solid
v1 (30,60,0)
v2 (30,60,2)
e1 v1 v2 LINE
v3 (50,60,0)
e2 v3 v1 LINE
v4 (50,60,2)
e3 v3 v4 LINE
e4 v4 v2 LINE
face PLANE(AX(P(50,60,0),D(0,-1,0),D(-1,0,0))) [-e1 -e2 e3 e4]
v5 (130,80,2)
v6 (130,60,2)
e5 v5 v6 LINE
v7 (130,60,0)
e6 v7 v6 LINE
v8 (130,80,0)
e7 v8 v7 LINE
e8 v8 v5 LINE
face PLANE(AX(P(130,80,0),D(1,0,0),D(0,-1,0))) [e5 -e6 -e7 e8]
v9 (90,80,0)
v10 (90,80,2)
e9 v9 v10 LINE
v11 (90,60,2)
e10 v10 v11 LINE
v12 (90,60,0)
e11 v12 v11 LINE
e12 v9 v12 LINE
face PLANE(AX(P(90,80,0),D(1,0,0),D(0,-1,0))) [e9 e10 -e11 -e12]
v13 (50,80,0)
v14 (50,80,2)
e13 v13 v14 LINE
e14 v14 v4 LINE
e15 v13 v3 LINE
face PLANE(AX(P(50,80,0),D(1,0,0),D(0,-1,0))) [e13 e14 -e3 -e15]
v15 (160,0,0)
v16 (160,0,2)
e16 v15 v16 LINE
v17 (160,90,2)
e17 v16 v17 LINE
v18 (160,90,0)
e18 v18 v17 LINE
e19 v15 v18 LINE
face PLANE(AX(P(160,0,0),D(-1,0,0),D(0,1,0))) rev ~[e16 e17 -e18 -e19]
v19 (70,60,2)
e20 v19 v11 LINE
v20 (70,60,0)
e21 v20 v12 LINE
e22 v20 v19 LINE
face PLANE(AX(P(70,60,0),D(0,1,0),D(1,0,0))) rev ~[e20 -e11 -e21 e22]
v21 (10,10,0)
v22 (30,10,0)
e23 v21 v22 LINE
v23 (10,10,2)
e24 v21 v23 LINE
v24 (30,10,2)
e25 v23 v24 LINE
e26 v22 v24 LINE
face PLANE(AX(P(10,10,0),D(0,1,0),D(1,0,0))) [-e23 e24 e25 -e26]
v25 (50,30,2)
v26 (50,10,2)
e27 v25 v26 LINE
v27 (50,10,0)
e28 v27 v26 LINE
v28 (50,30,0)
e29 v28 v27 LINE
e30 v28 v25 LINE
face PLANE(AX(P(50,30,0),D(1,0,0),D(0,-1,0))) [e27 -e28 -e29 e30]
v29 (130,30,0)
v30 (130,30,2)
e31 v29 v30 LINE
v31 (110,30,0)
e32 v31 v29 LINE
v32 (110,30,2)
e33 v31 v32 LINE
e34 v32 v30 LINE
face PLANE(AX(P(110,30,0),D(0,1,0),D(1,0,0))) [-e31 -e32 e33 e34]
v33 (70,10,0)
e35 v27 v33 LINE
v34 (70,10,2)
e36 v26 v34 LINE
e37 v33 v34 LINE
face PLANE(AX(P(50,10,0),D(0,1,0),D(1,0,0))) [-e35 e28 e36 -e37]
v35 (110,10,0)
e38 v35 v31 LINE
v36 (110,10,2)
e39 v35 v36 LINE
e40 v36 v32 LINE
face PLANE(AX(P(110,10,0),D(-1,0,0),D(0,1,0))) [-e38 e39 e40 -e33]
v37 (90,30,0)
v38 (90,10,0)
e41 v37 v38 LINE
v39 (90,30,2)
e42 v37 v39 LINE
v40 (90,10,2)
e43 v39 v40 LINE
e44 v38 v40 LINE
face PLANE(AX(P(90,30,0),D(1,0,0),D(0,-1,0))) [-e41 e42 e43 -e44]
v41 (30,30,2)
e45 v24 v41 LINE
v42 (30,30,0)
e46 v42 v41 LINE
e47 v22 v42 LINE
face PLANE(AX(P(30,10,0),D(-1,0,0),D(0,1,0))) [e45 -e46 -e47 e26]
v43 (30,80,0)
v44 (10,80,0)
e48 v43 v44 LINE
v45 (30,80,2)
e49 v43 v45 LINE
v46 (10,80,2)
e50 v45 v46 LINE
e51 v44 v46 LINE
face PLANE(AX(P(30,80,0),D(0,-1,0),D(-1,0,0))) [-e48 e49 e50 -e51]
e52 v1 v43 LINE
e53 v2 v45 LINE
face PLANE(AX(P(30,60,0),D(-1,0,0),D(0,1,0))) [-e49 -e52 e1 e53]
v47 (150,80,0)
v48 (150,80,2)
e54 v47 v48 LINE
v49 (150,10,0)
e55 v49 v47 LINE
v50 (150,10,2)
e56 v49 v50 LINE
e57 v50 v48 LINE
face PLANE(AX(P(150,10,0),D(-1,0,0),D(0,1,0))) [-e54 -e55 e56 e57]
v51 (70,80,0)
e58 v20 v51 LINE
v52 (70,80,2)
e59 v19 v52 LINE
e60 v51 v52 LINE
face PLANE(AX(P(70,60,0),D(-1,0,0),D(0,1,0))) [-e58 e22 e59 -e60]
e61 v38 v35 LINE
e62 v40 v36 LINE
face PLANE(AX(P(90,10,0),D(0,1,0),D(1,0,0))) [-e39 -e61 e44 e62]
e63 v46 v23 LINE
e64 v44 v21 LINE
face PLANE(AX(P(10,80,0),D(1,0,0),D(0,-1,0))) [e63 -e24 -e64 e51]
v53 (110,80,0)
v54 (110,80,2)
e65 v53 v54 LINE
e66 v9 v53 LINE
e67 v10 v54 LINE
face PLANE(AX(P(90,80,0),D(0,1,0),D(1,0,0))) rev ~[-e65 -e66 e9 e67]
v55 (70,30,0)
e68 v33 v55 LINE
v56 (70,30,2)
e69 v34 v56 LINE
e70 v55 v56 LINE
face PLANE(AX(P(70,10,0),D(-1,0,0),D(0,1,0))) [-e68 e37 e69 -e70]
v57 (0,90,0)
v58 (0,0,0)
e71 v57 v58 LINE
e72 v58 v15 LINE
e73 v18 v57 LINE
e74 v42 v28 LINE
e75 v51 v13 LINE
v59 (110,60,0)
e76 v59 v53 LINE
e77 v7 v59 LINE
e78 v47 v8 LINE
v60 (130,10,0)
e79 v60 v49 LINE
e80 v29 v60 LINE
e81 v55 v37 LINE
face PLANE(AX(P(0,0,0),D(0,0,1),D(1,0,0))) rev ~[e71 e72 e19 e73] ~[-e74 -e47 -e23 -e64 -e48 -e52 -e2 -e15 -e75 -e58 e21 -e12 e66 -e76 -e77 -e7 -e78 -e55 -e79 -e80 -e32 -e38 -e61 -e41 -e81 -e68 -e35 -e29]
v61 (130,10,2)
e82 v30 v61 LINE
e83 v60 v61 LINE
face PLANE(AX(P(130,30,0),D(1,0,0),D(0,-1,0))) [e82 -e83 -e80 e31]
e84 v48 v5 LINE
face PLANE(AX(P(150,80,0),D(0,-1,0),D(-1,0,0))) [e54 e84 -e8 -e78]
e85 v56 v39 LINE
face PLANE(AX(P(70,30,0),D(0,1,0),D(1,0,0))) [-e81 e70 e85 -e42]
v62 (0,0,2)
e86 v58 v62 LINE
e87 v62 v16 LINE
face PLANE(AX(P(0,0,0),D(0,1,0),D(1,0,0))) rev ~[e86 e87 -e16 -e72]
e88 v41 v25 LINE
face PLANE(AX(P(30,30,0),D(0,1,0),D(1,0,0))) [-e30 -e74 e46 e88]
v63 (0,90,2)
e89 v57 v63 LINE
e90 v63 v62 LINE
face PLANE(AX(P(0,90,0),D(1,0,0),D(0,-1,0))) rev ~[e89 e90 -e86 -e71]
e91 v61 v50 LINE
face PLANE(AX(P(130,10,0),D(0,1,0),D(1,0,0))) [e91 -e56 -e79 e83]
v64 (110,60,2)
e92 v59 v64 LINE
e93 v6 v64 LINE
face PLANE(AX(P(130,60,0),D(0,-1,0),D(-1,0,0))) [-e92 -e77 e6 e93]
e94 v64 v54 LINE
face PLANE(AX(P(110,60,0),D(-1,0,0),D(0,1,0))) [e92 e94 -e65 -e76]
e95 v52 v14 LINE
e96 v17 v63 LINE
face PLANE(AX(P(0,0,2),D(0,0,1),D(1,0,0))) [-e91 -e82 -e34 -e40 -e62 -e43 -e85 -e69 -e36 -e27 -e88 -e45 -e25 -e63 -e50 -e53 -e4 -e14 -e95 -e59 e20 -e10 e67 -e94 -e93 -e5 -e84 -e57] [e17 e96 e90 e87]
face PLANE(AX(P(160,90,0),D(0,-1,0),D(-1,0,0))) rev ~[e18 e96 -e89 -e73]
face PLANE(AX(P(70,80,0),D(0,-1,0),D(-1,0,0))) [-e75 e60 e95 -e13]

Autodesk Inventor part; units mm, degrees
ref_plane "YZ Plane" through (0, 0, 0) normal (1, 0, 0) x (0, 1, 0)
ref_plane "XZ Plane" through (0, 0, 0) normal (0, 1, 0) x (-1, 0, 0)
ref_plane "XY Plane" through (0, 0, 0) normal (0, 0, 1) x (1, 0, 0)
sketch "Sketch1" plane through (0, 0, 0) normal (0, 0, 1) x (1, 0, 0)
  line L0 (0, 0) -> (160, 0)
  line L1 (160, 0) -> (160, 90)
  line L2 (160, 90) -> (0, 90)
  line L3 (0, 90) -> (0, 0)
  line L4 (10, 10) -> (30, 10)
  line L5 (30, 10) -> (30, 30)
  line L6 (30, 30) -> (50, 30)
  line L7 (50, 30) -> (50, 10)
  line L8 (50, 10) -> (70, 10)
  line L9 (70, 10) -> (70, 30)
  line L10 (70, 30) -> (90, 30)
  line L11 (90, 30) -> (90, 10)
  line L12 (90, 10) -> (110, 10)
  line L13 (110, 10) -> (110, 30)
  line L14 (110, 30) -> (130, 30)
  line L15 (130, 30) -> (130, 10)
  line L16 (130, 10) -> (150, 10)
  line L17 (150, 10) -> (150, 80)
  line L18 (150, 80) -> (130, 80)
  line L19 (130, 80) -> (130, 60)
  line L20 (130, 60) -> (110, 60)
  line L21 (110, 60) -> (110, 80)
  line L22 (90, 80) -> (110, 80)
  line L23 (90, 80) -> (90, 60)
  line L24 (70, 60) -> (90, 60)
  line L25 (70, 60) -> (70, 80)
  line L26 (70, 80) -> (50, 80)
  line L27 (50, 80) -> (50, 60)
  line L28 (50, 60) -> (30, 60)
  line L29 (30, 60) -> (30, 80)
  line L30 (30, 80) -> (10, 80)
  line L31 (10, 80) -> (10, 10)
extrude "Extrusion1" add sketch "Sketch1" along normal blind 2
properties part number "P2-4"
